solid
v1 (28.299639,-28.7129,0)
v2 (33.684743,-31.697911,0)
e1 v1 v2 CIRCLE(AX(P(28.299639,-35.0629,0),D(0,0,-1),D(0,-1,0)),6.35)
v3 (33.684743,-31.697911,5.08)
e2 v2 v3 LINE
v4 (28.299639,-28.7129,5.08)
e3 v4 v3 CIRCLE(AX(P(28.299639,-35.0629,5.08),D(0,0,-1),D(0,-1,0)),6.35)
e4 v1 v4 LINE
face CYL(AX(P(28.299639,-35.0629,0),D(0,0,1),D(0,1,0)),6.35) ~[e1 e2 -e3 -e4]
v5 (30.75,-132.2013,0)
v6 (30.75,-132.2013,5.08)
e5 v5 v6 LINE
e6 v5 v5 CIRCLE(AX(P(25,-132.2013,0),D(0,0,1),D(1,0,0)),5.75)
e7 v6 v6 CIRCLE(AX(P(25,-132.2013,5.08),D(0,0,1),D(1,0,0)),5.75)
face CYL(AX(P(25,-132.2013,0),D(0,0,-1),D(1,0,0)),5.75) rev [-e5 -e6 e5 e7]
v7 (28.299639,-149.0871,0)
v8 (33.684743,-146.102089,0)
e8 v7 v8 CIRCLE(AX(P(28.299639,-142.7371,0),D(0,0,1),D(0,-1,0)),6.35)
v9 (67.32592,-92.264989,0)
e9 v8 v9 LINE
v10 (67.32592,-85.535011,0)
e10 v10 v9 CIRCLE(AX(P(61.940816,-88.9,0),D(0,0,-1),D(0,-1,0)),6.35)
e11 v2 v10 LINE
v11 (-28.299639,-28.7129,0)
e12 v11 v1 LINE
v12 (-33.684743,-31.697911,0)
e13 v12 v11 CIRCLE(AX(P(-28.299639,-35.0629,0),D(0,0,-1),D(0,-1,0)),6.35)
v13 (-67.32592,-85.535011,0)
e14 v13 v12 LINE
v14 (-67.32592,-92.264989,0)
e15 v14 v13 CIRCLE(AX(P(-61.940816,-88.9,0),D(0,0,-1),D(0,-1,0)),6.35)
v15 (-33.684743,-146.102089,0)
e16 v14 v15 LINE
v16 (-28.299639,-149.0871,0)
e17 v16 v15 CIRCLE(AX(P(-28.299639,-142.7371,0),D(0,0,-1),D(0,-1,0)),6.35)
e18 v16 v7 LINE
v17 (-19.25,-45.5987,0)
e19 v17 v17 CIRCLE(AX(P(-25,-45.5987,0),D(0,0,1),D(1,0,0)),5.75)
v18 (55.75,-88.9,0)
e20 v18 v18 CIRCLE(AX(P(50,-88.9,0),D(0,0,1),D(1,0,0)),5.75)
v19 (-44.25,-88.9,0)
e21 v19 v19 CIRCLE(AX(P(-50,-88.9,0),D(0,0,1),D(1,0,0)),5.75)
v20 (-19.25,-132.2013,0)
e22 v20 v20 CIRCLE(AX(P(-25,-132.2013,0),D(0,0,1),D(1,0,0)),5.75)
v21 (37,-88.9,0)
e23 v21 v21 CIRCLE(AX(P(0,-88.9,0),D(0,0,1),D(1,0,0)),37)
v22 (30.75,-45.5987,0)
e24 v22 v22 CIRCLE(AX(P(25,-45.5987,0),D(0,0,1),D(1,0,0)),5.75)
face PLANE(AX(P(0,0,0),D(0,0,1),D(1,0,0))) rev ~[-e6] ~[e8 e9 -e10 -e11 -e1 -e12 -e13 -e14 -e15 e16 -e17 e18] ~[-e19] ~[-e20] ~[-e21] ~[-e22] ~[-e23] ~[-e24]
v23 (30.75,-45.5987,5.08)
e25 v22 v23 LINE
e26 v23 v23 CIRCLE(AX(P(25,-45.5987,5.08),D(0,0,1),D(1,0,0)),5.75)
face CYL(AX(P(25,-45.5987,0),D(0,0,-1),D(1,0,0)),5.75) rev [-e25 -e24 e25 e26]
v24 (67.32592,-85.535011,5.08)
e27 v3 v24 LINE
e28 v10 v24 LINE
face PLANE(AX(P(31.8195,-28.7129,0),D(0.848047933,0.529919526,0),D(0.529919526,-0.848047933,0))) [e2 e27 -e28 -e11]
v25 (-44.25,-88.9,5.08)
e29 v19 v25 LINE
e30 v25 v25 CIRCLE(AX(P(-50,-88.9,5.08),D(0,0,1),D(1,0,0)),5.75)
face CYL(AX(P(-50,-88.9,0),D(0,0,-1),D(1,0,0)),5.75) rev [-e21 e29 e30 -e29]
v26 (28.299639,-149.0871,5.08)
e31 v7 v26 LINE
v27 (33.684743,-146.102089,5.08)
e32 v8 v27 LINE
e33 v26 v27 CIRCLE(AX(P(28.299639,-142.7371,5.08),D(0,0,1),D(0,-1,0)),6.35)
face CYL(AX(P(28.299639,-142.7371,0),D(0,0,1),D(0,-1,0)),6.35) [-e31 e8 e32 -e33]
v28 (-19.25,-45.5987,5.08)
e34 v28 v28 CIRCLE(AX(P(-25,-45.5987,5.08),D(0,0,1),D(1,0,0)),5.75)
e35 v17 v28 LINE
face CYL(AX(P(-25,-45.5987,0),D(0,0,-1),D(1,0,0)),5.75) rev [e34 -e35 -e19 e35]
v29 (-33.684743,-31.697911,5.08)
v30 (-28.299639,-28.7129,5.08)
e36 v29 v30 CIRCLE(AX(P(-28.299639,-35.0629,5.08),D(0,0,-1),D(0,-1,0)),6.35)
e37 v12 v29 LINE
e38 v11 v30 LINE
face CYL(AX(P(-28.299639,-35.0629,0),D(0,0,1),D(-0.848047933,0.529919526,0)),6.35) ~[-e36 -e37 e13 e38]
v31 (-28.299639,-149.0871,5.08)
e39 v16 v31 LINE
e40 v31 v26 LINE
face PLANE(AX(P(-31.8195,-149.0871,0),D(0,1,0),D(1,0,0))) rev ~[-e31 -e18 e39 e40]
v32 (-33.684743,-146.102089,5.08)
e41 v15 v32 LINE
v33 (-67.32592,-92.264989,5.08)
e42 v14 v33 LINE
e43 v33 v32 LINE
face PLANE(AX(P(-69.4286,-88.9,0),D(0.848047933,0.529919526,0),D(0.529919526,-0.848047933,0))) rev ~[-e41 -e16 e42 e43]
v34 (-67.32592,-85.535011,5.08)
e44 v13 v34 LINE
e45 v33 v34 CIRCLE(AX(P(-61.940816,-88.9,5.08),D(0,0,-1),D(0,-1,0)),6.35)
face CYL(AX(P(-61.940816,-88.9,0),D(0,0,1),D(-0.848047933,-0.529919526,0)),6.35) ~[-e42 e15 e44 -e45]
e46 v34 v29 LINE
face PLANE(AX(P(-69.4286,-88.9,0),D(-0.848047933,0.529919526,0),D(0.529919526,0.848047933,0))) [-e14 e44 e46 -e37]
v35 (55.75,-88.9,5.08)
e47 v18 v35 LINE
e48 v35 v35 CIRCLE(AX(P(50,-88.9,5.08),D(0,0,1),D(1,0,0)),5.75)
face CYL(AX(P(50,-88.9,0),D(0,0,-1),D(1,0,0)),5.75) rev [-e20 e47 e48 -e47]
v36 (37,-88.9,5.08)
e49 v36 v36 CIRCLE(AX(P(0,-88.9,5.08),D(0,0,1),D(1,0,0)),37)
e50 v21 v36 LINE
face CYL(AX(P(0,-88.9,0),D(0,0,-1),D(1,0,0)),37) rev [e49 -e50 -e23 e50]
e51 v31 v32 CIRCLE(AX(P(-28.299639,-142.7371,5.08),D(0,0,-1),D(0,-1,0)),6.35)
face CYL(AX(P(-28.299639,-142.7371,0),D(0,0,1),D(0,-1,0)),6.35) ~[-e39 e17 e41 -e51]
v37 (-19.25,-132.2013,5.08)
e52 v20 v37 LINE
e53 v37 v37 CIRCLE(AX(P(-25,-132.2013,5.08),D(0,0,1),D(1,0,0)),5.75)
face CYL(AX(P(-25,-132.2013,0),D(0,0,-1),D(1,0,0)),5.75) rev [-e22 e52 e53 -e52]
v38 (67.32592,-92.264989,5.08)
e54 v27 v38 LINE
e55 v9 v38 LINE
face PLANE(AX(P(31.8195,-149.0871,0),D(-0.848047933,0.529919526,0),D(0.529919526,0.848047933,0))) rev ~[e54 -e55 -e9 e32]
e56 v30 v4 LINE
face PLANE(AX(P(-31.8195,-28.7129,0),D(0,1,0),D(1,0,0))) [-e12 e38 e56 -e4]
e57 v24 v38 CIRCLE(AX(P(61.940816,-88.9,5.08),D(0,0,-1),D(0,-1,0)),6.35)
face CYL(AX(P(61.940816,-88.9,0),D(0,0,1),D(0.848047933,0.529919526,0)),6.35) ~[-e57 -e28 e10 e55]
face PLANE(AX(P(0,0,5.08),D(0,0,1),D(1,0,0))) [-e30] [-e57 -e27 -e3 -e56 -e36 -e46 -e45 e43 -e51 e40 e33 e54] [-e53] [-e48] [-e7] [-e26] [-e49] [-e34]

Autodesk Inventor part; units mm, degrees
ref_plane "YZ Plane" through (0, 0, 0) normal (1, 0, 0) x (0, 1, 0)
ref_plane "XZ Plane" through (0, 0, 0) normal (0, 1, 0) x (-1, 0, 0)
ref_plane "XY Plane" through (0, 0, 0) normal (0, 0, 1) x (1, 0, 0)
sketch "Base" plane through (0, 0, 0) normal (0, 0, 1) x (1, 0, 0)
  circle A0 centre (0, -88.9) radius 37
  circle A1 centre (-25, -45.5987) radius 5.75
  circle A2 centre (-50, -88.9) radius 5.75
  circle A3 centre (-25, -132.2013) radius 5.75
  circle A4 centre (25, -132.2013) radius 5.75
  circle A5 centre (50, -88.9) radius 5.75
  circle A6 centre (25, -45.5987) radius 5.75
  line L0 (31.8195, -149.0871) -> (69.4286, -88.9)
  line L1 (-31.8195, -149.0871) -> (31.8195, -149.0871)
  line L2 (-69.4286, -88.9) -> (-31.8195, -149.0871)
  circle A7 centre (0, -88.9) radius 50 construction
  line L3 (-50, -88.9) -> (50, -88.9) construction
  line L4 (31.8195, -28.7129) -> (69.4286, -88.9)
  line L5 (-31.8195, -28.7129) -> (31.8195, -28.7129)
  line L6 (-69.4286, -88.9) -> (-31.8195, -28.7129)
  point P0 (0, 0)
  point P1 (0, 0)
  point P2 (33.6847, -146.102)
  point P3 (61.1047, -102.2209)
  point P4 (-28.2996, -149.0871)
  point P5 (28.2996, -149.0871)
  point P6 (-61.1047, -102.2209)
  point P7 (-33.6847, -146.102)
  point P8 (33.6847, -31.698)
  point P9 (61.1047, -75.5791)
  point P10 (-28.2996, -28.7129)
  point P11 (28.2996, -28.7129)
  point P12 (-61.1047, -75.5791)
  point P13 (-33.6847, -31.698)
  dimension "d0" = 74
  dimension "d1" = 11.5
  dimension "d2" = 13
  dimension "d3" = 60.1871
  dimension "d4" = 122
  dimension "d5" = 122
  dimension "d6" = 60.1871
  dimension "d7" = 11.7689
  dimension "d8" = 105.9886
  dimension "d9" = 11.7689
  dimension "d10" = 14.118
  dimension "d11" = 16.4764
  dimension "d12" = 60.6249
  dimension "d13" = 2.985
  dimension "d14" = 14.7314
  dimension "d15" = 60.6237
  dimension "d16" = 11.7689
  dimension "d17" = 105.9886
  dimension "d18" = 57.1338
  dimension "d19" = 103.0261
  dimension "d20" = 50.9839
  dimension "d21" = 57.1326
  dimension "d22" = 103.6395
extrude "Plate1" add sketch "Base" along normal blind 5.08
fillet "BaseFilletsFeature" radius 6.35 6 edges at (31.8195, -149.0871, 2.54) (-31.8195, -149.0871, 2.54) (69.4286, -88.9, 2.54) (-69.4286, -88.9, 2.54) (31.8195, -28.7129, 2.54) (-31.8195, -28.7129, 2.54)
equation "\"d5\" = d4"
equation "\"d23\" = Thickness"
equation "\"BendRadius\" = Thickness"
equation "\"BendReliefWidth\" = Thickness"
equation "\"BendReliefDepth\" = 0.5 * Thickness"
equation "\"CornerReliefSize\" = 4 * Thickness"
equation "\"MinimumRemnant\" = 2 * Thickness"
equation "\"TransitionRadius\" = BendRadius"
equation "\"JacobiRadiusSize\" = BendRadius"
equation "\"GapSize\" = Thickness"
equation "\"Thickness\" = 5.08"
properties part number "TorsoSpacer"
